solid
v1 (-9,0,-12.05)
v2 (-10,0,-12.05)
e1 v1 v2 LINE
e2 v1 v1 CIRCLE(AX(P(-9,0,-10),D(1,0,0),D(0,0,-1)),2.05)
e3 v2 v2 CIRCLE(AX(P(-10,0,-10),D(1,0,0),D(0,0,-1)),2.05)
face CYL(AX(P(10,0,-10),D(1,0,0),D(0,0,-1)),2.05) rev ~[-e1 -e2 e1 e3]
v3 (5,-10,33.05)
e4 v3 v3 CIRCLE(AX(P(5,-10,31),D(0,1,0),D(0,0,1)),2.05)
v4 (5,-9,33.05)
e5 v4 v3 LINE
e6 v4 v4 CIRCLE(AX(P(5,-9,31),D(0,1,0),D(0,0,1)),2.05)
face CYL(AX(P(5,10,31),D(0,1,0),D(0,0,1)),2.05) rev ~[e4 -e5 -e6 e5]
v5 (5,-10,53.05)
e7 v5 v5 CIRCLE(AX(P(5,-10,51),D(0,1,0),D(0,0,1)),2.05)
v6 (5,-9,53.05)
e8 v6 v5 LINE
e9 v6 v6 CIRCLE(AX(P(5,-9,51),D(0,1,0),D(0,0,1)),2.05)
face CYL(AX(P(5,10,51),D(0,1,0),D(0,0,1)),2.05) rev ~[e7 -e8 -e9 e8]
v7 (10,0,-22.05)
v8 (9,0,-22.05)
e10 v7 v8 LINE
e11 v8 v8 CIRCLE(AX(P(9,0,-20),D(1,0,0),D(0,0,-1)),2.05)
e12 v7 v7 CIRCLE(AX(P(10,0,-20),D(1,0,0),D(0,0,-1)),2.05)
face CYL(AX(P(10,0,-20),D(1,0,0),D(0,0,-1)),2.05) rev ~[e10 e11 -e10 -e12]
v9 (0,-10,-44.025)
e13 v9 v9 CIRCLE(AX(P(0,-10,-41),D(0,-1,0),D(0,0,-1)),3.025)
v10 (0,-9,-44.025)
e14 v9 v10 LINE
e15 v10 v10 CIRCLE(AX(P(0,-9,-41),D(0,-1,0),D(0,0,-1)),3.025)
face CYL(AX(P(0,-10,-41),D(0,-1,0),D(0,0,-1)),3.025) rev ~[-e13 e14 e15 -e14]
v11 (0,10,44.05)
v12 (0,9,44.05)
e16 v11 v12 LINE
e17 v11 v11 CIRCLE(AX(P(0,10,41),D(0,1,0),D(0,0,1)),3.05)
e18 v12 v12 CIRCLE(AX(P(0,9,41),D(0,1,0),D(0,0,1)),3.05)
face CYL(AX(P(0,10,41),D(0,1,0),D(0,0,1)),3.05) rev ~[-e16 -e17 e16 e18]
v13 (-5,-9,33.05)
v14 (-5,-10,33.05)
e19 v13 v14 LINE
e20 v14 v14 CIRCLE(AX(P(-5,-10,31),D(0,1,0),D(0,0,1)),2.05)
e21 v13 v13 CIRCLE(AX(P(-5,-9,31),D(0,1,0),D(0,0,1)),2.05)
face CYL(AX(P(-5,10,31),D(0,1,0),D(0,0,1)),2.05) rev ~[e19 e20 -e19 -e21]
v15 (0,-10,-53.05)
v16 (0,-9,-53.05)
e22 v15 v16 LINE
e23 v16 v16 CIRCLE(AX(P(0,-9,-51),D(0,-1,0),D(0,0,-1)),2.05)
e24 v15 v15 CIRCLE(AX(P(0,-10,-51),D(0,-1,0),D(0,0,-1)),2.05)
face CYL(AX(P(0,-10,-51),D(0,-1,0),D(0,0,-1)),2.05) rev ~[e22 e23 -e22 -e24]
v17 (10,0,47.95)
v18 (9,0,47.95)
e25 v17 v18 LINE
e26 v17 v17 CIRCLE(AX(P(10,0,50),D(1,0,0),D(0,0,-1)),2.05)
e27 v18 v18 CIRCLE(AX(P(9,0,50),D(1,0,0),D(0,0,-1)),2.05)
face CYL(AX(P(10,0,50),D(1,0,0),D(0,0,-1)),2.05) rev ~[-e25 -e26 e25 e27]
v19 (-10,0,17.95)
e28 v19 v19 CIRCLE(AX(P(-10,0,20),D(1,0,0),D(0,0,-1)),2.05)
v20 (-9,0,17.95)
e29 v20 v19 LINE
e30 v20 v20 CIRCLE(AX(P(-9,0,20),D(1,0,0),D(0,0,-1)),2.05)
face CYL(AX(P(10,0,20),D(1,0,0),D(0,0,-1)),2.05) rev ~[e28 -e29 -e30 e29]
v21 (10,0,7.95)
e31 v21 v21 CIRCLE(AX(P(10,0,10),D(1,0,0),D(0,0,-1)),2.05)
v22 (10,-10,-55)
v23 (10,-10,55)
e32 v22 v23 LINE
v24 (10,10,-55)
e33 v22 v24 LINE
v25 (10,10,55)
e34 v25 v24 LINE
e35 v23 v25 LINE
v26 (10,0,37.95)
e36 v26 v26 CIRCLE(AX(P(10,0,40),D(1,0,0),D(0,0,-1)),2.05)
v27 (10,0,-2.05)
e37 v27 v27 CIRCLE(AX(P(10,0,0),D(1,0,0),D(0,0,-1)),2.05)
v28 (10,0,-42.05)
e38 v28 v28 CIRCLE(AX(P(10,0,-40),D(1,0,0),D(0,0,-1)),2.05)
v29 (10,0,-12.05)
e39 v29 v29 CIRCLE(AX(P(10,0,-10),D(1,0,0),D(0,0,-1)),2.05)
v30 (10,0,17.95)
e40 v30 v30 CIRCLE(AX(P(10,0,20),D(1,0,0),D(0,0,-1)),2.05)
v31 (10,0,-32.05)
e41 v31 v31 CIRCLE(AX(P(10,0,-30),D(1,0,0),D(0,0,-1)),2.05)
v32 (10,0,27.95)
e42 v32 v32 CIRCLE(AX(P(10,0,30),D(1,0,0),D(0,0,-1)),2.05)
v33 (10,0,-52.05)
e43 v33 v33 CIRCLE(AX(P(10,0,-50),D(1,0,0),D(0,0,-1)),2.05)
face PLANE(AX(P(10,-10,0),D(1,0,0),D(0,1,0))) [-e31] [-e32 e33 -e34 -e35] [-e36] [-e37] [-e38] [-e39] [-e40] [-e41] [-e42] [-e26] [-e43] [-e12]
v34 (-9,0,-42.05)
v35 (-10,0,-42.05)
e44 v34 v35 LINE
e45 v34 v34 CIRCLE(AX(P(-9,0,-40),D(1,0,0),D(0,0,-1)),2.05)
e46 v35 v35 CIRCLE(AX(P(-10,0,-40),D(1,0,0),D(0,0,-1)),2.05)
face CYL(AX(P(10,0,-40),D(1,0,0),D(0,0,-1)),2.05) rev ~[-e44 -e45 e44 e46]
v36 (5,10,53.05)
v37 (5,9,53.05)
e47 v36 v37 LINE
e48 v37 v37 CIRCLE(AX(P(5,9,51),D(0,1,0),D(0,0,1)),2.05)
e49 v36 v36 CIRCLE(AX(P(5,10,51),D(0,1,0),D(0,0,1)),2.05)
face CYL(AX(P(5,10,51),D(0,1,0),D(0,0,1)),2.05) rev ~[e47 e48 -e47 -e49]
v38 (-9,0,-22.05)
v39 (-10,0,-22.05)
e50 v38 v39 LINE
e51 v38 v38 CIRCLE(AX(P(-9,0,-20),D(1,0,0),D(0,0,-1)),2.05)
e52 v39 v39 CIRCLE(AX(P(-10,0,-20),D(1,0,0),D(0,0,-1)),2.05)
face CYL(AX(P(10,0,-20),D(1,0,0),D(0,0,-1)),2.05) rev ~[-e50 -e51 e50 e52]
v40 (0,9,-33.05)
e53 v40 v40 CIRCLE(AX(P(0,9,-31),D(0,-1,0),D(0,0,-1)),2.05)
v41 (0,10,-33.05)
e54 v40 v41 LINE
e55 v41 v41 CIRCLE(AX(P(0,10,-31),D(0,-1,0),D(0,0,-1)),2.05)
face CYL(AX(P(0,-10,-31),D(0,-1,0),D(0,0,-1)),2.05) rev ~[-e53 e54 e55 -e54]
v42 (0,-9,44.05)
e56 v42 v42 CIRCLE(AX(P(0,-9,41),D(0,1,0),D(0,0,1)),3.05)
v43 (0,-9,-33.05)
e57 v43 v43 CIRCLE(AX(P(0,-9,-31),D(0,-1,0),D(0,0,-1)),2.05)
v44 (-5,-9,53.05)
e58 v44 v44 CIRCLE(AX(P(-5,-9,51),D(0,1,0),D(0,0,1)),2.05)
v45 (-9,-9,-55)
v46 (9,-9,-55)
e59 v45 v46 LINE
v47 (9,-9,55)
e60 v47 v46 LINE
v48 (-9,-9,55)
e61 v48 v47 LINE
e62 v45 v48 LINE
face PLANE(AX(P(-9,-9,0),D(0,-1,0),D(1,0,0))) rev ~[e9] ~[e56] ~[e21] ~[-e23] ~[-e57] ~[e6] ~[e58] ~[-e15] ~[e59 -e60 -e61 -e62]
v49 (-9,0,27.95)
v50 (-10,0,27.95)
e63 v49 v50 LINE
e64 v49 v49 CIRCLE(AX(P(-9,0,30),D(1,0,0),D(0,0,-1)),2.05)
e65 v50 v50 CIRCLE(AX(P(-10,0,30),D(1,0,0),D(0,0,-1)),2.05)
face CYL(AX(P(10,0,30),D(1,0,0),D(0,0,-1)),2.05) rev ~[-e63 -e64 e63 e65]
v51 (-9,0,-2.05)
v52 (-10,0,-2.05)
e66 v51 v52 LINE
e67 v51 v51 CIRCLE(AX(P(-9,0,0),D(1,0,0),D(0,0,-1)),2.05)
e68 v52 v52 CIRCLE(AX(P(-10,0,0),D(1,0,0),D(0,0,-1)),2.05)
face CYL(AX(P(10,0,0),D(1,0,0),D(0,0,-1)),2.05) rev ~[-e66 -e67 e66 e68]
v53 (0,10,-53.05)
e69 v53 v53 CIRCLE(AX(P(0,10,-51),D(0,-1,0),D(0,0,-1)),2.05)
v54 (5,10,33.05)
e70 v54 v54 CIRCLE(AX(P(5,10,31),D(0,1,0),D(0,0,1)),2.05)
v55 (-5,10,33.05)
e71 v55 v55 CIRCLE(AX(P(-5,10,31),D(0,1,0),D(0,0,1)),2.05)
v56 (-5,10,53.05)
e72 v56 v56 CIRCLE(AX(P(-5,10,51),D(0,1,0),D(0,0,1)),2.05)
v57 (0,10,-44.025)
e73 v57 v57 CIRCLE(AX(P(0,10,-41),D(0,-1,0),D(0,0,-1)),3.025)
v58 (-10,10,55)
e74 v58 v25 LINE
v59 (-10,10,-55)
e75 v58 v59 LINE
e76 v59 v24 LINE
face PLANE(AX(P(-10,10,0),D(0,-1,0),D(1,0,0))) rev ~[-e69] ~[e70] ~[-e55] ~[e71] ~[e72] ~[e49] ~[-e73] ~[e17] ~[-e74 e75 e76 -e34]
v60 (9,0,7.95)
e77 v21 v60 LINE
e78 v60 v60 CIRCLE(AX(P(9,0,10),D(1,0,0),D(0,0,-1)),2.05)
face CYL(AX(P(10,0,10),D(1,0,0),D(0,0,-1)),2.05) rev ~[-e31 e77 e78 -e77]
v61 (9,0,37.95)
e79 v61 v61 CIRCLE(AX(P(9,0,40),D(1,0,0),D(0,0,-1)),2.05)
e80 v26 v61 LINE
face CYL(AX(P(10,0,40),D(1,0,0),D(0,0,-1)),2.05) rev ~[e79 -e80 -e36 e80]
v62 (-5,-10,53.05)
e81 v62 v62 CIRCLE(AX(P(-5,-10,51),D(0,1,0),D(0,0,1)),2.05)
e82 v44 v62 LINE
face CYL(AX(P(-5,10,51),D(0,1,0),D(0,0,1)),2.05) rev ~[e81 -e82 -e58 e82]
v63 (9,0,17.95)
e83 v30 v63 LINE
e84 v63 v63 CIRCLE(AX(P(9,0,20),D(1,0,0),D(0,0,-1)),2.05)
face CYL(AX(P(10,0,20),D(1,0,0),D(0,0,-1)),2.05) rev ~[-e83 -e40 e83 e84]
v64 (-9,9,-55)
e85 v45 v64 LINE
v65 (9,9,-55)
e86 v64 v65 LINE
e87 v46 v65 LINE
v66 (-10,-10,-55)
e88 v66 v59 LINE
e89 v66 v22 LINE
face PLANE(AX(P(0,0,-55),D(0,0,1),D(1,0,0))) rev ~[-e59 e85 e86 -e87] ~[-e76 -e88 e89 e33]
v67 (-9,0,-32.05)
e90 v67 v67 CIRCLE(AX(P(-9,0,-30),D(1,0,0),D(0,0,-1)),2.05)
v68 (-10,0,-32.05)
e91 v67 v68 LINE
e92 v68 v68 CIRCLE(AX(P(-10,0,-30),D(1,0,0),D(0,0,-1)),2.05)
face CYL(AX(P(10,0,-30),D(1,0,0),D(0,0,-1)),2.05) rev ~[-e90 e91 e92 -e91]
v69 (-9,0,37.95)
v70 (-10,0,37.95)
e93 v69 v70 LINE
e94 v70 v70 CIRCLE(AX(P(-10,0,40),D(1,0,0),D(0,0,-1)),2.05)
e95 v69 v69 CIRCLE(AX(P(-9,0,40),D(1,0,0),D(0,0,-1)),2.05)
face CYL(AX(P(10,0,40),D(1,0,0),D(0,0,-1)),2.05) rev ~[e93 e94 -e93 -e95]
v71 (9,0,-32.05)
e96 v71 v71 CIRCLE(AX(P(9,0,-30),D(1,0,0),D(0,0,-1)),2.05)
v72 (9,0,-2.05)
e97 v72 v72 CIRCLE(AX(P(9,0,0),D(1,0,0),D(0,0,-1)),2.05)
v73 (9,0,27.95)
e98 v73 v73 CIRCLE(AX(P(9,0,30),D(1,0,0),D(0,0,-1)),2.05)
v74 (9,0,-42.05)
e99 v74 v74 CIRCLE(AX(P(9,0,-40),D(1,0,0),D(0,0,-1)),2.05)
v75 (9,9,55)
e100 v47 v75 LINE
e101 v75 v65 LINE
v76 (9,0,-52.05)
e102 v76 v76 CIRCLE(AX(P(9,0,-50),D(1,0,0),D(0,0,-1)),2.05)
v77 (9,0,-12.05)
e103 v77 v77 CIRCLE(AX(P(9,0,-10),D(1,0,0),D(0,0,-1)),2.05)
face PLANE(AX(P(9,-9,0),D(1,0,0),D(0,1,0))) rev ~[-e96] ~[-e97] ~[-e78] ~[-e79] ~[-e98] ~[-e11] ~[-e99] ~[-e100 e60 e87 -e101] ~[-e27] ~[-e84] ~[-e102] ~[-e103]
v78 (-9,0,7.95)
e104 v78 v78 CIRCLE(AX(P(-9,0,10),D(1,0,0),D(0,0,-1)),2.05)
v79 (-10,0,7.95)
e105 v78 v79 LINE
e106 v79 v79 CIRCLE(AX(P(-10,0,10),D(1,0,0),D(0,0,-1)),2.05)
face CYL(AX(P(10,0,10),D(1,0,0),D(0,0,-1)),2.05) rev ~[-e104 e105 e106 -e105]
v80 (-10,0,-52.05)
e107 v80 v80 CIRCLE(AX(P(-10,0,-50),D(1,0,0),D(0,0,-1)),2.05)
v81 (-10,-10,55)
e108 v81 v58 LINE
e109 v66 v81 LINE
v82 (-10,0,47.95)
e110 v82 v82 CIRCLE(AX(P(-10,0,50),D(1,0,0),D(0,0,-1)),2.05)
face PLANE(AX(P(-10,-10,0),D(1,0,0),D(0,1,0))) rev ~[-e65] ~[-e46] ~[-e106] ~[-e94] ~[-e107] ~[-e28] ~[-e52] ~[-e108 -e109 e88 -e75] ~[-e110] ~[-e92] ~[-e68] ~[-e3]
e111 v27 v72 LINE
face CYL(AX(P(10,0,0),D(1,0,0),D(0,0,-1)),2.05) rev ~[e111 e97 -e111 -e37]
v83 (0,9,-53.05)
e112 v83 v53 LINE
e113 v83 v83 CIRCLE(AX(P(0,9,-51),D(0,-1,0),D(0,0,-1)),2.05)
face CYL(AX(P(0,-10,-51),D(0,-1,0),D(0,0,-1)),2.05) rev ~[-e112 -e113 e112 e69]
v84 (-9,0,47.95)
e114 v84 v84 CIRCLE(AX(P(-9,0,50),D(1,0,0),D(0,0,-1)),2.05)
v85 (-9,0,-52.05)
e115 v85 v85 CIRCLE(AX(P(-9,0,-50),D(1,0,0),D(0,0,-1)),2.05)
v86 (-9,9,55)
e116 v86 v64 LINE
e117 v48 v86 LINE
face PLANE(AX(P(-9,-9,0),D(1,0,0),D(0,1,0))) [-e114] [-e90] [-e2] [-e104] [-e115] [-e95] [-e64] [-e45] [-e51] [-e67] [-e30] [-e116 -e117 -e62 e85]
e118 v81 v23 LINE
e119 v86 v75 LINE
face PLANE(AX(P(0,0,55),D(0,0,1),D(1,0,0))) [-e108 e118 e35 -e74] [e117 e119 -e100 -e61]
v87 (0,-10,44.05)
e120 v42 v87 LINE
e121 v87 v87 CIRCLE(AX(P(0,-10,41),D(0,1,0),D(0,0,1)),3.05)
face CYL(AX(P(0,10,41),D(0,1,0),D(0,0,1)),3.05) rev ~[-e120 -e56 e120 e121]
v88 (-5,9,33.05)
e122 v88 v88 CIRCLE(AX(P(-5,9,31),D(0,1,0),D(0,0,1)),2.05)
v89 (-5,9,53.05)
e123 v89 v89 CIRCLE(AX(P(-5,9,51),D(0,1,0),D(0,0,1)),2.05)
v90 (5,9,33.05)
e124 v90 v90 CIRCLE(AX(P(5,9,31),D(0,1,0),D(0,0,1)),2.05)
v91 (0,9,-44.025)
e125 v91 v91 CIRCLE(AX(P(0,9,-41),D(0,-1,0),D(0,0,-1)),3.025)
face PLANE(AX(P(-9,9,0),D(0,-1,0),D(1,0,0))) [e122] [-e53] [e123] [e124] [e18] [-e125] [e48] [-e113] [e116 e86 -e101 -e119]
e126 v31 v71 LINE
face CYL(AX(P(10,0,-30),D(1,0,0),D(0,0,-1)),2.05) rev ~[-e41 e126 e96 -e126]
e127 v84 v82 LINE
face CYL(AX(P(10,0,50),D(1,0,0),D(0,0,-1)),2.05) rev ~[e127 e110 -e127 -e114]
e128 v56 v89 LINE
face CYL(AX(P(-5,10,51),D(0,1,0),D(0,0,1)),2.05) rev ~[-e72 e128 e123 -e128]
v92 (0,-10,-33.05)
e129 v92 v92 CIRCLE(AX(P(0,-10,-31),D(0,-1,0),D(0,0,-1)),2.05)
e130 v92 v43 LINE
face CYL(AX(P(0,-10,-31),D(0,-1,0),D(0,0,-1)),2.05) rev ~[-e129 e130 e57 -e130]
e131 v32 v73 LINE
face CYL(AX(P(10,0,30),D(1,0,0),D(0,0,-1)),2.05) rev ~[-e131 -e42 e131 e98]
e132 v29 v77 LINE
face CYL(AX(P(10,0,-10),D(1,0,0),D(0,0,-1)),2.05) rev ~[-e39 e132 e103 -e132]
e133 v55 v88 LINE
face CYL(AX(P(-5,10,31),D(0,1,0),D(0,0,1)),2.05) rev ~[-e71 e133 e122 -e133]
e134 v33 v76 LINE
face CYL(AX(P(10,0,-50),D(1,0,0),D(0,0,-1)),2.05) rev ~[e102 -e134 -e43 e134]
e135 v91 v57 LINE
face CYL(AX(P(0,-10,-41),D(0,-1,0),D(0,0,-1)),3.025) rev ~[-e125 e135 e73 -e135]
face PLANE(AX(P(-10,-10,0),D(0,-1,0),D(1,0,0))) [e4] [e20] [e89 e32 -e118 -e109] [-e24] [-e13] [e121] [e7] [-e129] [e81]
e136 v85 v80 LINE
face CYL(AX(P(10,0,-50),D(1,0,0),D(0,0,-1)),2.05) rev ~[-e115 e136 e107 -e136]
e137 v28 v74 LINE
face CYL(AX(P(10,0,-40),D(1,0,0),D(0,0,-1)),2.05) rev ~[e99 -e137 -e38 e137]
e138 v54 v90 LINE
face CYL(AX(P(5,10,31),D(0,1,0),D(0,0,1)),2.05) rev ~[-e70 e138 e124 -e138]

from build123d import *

# Parameters (mm, degrees)
SKETCH_1_W          = 20
SKETCH_1_H          = 20
SKETCH_1_W_2        = 18
SKETCH_1_H_2        = 18
EXTRUDE_1_DEPTH     = 55
SKETCH_3_R          = 2.05
SKETCH_3_R_2        = 3.05
CUT_EXTRUDE_1_DEPTH = 20
SKETCH_4_R          = 2.05
SKETCH_4_R_2        = 3.025
CUT_EXTRUDE_2_DEPTH = 60.371710435
SKETCH_5_R          = 2.05
CUT_EXTRUDE_3_DEPTH = 30


with BuildPart() as part:
    # 草图1 → 凸台-拉伸1 (new, symmetric)
    with BuildSketch(Plane.XY):
        Rectangle(SKETCH_1_W, SKETCH_1_H)
        Rectangle(SKETCH_1_W_2, SKETCH_1_H_2, mode=Mode.SUBTRACT)
    extrude(amount=EXTRUDE_1_DEPTH, both=True)

    # 草图3 → 切除-拉伸1 (cut)
    with BuildSketch(Plane(origin=(0, 10, 0), x_dir=(1, 0, 0), z_dir=(0, 1, 0))):
        with Locations(Location((-5, -31, 0), (0, 0, 270))):
            Circle(SKETCH_3_R)
        with Locations(Location((5, -31, 0), (0, 0, 270))):
            Circle(SKETCH_3_R)
        with Locations(Location((5, -51, 0), (0, 0, 270))):
            Circle(SKETCH_3_R)
        with Locations(Location((-5, -51, 0), (0, 0, 270))):
            Circle(SKETCH_3_R)
        with Locations(Location((0, -41, 0), (0, 0, 270))):
            Circle(SKETCH_3_R_2)
    extrude(amount=-CUT_EXTRUDE_1_DEPTH, mode=Mode.SUBTRACT)

    # 草图4 → 切除-拉伸2 (cut, through all)
    with BuildSketch(Plane.XZ.offset(10)):
        with Locations(Location((0, -51, 0), (0, 0, 270))):
            Circle(SKETCH_4_R)
        with Locations(Location((0, -31, 0), (0, 0, 270))):
            Circle(SKETCH_4_R)
        with Locations(Location((0, -41, 0), (0, 0, 270))):
            Circle(SKETCH_4_R_2)
    extrude(amount=-CUT_EXTRUDE_2_DEPTH, mode=Mode.SUBTRACT)

    # 草图5 → 切除-拉伸3 (cut)
    with BuildSketch(Plane(origin=(10, 0, 0), x_dir=(0, 0, -1), z_dir=(1, 0, 0))):
        with Locations((-50, 0)):
            Circle(SKETCH_5_R)
        with Locations((-40, 0)):
            Circle(SKETCH_5_R)
        with Locations((-30, 0)):
            Circle(SKETCH_5_R)
        with Locations((-20, 0)):
            Circle(SKETCH_5_R)
        with Locations((-10, 0)):
            Circle(SKETCH_5_R)
        Circle(SKETCH_5_R)
        with Locations((10, 0)):
            Circle(SKETCH_5_R)
        with Locations((20, 0)):
            Circle(SKETCH_5_R)
        with Locations((30, 0)):
            Circle(SKETCH_5_R)
        with Locations((40, 0)):
            Circle(SKETCH_5_R)
        with Locations((50, 0)):
            Circle(SKETCH_5_R)
    extrude(amount=-CUT_EXTRUDE_3_DEPTH, mode=Mode.SUBTRACT)


solid = part.part
